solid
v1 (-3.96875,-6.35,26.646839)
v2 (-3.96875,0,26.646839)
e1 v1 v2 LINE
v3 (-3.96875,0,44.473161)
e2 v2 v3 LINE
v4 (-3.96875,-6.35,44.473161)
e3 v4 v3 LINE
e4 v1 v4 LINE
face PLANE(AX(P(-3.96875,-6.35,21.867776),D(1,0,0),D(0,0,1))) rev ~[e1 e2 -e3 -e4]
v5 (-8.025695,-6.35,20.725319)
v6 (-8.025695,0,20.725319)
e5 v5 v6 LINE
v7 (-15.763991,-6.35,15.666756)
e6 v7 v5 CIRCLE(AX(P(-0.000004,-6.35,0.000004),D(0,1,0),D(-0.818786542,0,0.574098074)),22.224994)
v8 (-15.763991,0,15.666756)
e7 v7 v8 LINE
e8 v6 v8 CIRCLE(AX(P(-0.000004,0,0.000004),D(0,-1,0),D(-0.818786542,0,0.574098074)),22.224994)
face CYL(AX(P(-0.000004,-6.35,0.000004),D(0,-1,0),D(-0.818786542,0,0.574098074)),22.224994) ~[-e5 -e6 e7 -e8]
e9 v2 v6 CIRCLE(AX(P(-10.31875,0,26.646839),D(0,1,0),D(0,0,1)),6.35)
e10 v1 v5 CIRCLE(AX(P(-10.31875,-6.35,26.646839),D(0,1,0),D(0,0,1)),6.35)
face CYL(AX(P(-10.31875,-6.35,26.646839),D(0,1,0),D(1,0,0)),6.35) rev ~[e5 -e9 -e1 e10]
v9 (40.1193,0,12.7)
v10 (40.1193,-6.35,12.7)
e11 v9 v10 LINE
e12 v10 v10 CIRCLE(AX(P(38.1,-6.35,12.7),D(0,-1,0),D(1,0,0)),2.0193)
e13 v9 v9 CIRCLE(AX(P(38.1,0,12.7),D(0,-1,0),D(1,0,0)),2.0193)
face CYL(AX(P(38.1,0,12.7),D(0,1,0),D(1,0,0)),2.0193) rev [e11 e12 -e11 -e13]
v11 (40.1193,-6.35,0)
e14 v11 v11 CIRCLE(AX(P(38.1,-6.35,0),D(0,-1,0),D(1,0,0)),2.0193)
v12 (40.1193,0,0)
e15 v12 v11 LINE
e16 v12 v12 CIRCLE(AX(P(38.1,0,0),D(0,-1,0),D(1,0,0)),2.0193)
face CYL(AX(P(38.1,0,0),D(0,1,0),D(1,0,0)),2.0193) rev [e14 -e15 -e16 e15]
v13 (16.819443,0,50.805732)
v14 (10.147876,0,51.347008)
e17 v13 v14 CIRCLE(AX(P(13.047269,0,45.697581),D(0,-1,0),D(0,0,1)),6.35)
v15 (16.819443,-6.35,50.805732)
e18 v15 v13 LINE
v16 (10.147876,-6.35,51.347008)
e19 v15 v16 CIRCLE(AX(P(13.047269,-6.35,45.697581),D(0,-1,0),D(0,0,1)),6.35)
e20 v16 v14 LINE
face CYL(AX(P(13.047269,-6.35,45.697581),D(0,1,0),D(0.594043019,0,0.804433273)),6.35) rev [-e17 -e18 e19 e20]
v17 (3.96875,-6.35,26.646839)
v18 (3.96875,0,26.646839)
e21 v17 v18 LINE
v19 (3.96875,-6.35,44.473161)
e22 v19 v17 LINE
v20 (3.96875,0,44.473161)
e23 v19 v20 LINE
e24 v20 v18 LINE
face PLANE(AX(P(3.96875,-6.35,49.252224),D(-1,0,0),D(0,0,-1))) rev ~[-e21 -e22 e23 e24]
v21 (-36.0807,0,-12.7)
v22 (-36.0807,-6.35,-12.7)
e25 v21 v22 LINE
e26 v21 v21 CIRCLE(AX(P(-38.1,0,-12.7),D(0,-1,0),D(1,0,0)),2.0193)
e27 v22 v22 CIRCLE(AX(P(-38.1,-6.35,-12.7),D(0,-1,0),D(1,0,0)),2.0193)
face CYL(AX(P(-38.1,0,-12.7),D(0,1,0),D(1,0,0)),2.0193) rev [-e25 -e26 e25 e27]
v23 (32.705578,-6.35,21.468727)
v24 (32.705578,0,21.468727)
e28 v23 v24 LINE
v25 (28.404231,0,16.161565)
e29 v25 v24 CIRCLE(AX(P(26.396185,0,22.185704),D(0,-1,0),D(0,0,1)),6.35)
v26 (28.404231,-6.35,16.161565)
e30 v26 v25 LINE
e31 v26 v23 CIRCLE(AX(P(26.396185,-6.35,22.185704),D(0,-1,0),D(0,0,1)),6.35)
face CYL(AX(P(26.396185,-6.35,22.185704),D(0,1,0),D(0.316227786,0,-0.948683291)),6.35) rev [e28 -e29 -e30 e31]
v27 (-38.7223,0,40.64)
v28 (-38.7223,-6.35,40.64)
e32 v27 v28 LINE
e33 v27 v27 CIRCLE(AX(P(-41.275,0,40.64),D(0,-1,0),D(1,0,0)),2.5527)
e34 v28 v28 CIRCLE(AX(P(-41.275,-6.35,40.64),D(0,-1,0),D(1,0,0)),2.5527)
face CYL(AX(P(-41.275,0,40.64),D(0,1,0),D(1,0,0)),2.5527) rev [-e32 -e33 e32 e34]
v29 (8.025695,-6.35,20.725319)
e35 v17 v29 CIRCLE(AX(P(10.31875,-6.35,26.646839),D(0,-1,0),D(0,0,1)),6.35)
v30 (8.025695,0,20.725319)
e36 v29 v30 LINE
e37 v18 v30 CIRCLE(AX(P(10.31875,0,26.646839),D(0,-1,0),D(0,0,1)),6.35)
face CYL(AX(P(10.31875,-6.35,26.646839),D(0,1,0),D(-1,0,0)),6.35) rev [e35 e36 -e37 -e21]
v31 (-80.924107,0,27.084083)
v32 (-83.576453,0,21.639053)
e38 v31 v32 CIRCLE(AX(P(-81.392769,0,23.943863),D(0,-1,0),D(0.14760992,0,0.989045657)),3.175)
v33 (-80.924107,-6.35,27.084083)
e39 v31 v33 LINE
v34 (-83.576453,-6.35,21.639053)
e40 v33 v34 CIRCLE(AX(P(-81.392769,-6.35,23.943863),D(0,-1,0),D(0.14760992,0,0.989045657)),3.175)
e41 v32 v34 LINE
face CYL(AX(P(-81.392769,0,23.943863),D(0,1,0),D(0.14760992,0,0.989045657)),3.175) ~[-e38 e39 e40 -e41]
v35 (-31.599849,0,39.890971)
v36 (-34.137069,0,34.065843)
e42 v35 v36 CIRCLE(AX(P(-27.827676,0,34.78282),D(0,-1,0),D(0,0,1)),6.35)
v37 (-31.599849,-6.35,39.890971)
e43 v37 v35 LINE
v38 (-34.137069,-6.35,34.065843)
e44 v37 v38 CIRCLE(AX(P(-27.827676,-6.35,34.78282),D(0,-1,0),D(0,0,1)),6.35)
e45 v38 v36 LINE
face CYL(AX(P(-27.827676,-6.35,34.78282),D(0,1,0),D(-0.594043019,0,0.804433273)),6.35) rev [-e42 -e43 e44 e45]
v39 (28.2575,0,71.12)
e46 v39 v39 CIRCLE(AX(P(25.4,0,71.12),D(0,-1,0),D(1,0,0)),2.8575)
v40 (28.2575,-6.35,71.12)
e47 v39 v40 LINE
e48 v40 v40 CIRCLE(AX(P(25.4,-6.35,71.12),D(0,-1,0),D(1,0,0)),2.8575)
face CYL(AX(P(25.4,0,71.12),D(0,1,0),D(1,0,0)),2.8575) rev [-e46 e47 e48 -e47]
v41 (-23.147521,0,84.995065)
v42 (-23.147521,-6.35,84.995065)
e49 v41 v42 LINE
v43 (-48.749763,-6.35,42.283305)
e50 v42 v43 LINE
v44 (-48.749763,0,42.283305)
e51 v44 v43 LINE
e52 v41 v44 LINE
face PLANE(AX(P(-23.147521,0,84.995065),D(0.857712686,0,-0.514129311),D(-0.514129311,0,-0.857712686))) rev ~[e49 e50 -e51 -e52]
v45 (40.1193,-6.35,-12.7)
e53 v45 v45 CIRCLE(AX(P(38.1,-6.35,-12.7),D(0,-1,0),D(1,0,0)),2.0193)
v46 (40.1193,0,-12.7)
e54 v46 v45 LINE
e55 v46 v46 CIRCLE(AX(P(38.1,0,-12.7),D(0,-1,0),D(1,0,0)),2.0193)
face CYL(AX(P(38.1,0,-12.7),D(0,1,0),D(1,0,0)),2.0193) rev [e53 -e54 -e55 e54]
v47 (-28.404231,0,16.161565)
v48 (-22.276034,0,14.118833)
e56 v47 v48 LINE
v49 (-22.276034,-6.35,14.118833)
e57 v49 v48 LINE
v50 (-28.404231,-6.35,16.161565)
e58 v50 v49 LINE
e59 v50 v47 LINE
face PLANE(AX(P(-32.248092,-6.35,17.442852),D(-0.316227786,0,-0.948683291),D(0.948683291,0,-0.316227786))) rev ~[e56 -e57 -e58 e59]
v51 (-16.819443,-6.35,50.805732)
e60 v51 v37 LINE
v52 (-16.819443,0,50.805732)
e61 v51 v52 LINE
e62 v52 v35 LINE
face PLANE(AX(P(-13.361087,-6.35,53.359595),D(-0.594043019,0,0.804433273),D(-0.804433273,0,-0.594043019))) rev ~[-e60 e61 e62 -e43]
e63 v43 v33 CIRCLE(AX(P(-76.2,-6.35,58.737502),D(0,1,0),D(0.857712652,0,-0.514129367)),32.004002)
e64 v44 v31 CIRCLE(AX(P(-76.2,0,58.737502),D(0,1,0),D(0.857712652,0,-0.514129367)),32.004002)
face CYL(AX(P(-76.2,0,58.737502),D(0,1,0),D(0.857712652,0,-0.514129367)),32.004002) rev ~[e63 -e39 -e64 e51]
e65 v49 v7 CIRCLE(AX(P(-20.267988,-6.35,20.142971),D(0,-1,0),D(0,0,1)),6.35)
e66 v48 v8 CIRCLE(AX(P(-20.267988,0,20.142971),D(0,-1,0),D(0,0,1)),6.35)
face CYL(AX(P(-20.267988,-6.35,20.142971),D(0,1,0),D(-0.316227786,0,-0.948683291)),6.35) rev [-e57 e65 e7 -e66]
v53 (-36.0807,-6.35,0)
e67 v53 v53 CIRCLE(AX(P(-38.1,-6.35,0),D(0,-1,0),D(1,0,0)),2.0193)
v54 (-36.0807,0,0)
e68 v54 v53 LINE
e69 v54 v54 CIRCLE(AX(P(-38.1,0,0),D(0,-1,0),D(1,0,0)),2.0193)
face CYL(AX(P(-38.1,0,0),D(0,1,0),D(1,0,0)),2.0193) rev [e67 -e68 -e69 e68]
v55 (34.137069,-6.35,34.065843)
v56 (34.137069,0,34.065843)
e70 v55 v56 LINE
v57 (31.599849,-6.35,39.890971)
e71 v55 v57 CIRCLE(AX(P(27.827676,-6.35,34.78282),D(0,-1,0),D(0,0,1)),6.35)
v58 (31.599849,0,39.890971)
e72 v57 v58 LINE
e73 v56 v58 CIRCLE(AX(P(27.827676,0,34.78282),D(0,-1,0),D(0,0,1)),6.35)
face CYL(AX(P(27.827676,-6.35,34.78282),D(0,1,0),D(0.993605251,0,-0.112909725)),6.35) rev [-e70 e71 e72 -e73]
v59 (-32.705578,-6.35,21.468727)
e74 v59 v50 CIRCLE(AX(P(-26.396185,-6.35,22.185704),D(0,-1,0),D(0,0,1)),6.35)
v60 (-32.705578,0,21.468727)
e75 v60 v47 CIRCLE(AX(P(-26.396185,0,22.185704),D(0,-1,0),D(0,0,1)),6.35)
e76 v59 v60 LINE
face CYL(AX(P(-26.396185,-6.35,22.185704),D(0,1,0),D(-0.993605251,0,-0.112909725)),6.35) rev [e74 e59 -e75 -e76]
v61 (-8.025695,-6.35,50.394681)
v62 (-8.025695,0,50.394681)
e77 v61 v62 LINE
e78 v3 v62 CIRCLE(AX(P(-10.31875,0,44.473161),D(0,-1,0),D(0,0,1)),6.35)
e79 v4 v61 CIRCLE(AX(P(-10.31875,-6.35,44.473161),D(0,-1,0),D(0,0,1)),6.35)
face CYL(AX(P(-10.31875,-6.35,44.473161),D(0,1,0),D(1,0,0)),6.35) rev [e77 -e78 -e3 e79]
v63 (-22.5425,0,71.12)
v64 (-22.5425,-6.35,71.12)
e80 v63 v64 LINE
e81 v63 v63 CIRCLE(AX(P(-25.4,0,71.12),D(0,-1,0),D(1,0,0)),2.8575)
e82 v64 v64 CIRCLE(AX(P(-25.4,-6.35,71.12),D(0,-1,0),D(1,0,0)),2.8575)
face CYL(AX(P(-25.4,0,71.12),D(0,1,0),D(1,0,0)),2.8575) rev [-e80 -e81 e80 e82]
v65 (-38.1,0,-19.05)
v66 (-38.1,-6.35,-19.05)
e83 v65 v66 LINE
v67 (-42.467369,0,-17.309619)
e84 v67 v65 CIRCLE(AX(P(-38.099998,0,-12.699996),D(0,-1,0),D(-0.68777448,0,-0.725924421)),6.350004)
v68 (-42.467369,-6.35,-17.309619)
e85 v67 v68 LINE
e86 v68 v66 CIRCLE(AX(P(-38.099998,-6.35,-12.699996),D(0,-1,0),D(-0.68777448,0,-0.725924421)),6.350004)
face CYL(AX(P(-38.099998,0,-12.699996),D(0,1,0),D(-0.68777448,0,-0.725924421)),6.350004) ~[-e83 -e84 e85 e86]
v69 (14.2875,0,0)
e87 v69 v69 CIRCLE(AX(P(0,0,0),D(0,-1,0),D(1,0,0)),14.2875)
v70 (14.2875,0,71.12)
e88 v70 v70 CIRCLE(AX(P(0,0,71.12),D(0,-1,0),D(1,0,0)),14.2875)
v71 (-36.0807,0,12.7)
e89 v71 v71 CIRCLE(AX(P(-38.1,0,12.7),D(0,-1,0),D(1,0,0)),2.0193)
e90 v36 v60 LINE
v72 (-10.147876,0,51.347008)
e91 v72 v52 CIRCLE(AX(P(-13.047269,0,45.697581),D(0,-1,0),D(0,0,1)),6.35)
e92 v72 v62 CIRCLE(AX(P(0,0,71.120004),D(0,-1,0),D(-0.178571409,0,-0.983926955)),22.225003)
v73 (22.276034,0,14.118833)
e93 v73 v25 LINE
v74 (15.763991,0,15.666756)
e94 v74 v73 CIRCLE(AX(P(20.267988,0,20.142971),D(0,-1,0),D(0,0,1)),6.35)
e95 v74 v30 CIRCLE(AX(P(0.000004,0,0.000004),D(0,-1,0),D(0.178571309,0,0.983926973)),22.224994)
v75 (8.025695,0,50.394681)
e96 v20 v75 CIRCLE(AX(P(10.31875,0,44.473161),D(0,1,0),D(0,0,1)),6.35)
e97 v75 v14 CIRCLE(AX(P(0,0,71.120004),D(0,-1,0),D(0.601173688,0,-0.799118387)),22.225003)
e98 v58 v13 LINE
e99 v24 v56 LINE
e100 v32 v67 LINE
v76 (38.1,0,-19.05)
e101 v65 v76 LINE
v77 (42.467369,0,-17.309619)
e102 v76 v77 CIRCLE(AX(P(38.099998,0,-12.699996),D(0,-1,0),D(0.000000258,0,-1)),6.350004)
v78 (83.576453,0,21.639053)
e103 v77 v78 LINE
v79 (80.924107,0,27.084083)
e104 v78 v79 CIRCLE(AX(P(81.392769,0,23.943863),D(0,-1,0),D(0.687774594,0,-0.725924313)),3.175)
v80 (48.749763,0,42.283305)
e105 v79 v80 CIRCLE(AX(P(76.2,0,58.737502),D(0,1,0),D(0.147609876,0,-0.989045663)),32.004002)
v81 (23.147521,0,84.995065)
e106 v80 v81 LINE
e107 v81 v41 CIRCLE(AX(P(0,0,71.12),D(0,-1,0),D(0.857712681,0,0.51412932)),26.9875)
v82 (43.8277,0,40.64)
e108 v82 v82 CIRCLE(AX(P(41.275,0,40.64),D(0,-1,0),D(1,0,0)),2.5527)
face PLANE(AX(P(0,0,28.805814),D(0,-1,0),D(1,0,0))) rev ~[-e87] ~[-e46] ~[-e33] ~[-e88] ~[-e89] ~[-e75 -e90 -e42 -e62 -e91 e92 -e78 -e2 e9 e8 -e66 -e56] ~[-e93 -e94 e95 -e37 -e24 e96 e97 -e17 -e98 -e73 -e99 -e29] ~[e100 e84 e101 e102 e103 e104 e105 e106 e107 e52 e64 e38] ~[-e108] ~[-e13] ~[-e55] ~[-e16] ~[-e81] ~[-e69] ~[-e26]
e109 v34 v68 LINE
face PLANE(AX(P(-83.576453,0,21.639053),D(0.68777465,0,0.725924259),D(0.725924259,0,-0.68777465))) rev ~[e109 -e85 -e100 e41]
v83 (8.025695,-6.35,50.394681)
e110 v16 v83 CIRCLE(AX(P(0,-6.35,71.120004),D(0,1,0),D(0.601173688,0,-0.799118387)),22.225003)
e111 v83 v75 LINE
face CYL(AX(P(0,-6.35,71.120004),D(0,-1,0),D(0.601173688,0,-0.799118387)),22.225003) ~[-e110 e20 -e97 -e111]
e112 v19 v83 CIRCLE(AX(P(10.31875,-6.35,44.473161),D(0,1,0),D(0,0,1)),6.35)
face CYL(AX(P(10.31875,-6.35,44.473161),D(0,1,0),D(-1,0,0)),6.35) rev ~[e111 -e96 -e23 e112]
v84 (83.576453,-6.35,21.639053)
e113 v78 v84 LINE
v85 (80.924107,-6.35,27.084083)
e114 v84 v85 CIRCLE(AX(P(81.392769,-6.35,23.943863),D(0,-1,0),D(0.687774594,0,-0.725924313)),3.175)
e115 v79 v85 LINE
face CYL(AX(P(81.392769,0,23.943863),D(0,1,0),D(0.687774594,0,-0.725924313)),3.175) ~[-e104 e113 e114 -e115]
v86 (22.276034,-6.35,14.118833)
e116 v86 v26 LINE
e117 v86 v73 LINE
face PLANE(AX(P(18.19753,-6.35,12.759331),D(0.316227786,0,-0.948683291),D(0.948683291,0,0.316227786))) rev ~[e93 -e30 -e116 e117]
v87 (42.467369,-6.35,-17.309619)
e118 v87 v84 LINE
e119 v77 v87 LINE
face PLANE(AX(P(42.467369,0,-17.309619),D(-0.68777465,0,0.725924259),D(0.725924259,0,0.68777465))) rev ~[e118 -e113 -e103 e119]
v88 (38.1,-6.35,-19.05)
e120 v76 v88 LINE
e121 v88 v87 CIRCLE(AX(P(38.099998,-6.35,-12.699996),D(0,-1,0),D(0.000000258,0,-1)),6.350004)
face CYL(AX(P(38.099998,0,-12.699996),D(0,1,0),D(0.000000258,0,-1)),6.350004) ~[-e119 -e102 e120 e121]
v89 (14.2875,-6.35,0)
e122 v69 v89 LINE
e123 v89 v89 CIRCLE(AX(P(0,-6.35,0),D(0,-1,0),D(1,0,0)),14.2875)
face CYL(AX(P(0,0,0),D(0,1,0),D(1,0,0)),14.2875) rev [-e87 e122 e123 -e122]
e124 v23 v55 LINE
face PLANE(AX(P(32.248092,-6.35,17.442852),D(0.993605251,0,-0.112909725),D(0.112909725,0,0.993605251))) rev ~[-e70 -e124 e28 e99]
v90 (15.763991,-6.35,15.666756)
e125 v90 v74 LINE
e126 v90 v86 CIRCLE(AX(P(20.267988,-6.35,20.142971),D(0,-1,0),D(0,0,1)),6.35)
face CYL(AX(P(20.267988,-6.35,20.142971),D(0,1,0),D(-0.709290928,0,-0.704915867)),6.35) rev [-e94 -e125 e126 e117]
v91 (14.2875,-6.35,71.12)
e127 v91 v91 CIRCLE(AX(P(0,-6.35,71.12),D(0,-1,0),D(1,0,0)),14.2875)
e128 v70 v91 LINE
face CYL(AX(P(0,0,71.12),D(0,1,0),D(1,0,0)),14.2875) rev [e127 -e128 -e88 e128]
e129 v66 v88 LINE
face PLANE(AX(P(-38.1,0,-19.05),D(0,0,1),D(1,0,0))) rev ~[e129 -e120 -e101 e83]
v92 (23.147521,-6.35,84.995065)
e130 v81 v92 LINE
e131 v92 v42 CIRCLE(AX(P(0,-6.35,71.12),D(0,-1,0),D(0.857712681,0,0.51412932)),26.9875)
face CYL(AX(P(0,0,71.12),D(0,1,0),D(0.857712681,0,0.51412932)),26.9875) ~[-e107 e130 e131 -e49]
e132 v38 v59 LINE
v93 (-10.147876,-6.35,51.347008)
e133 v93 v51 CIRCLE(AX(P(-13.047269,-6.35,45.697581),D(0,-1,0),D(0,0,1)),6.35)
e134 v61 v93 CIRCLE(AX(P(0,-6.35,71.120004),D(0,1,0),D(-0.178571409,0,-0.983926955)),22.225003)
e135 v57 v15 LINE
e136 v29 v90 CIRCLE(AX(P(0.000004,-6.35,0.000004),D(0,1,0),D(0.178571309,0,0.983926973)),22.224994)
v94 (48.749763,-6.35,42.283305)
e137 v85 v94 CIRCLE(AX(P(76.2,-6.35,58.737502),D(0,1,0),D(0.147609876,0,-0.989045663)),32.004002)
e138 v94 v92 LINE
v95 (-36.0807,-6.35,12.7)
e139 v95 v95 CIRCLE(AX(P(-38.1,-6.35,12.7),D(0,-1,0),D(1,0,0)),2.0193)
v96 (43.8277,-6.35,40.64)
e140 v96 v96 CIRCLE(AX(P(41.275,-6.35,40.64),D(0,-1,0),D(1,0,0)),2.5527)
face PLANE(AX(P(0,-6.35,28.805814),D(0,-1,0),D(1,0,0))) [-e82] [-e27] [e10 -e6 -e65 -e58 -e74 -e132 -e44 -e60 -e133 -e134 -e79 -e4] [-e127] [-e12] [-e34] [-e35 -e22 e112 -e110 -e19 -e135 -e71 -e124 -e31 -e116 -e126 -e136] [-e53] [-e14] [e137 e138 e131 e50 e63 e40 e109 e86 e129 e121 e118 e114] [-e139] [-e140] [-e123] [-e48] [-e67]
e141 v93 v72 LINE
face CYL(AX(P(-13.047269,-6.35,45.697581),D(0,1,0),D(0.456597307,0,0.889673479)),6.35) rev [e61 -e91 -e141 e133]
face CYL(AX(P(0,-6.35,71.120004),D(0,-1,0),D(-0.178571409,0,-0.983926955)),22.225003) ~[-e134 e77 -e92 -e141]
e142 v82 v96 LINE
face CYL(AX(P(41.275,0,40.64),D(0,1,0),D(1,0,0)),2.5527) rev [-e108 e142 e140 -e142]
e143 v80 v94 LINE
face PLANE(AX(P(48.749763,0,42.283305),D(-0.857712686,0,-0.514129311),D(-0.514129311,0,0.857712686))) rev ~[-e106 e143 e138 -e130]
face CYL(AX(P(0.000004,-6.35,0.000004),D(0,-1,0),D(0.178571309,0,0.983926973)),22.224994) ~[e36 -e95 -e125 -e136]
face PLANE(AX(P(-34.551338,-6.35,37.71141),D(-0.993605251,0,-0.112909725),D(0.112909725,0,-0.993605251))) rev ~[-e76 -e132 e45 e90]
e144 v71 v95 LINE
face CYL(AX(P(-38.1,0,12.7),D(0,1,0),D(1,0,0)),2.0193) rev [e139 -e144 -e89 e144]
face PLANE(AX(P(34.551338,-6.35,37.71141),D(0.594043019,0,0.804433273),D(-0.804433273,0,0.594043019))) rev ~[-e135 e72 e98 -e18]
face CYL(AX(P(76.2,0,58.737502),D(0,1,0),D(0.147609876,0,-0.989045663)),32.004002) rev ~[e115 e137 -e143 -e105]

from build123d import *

# Parameters (mm, degrees)
F0_R     = 2.0193
F0_R_2   = 14.2875
F0_R_3   = 2.5527
F0_R_4   = 2.8575
F1_DEPTH = 6.35
F3_DEPTH = 6.351
F4_R     = 6.35


with BuildPart() as f1:
    # F0 (on Front) → F1 (new body)
    with BuildSketch(Plane.XZ):
        with BuildLine():
            ThreePointArc((-48.749763, 42.283305), (-62.529838, 29.799935), (-80.924107, 27.084083))
            ThreePointArc((-80.924107, 27.084083), (-84.247136, 25.334263), (-83.576453, 21.639053))
            Line((-83.576453, 21.639053), (-42.467369, -17.309619))
            ThreePointArc((-42.467369, -17.309619), (-40.450683, -18.59888), (-38.1, -19.05))
            Line((-38.1, -19.05), (38.1, -19.05))
            ThreePointArc((38.1, -19.05), (40.450683, -18.59888), (42.467369, -17.309619))
            Line((42.467369, -17.309619), (83.576453, 21.639053))
            ThreePointArc((83.576453, 21.639053), (84.247136, 25.334263), (80.924107, 27.084083))
            ThreePointArc((80.924107, 27.084083), (62.529838, 29.799935), (48.749763, 42.283305))
            Line((48.749763, 42.283305), (23.147521, 84.995065))
            ThreePointArc((23.147521, 84.995065), (0, 98.1075), (-23.147521, 84.995065))
            Line((-23.147521, 84.995065), (-48.749763, 42.283305))
        make_face()
        with Locations((-38.1, -12.7)):
            Circle(F0_R, mode=Mode.SUBTRACT)
        with Locations((-38.1, 0)):
            Circle(F0_R, mode=Mode.SUBTRACT)
        Circle(F0_R_2, mode=Mode.SUBTRACT)
        with Locations((-38.1, 12.7)):
            Circle(F0_R, mode=Mode.SUBTRACT)
        with Locations((38.1, -12.7)):
            Circle(F0_R, mode=Mode.SUBTRACT)
        with Locations((38.1, 0)):
            Circle(F0_R, mode=Mode.SUBTRACT)
        with Locations((38.1, 12.7)):
            Circle(F0_R, mode=Mode.SUBTRACT)
        with Locations((-41.275, 40.64)):
            Circle(F0_R_3, mode=Mode.SUBTRACT)
        with Locations((-25.4, 71.12)):
            Circle(F0_R_4, mode=Mode.SUBTRACT)
        with Locations((0, 71.12)):
            Circle(F0_R_2, mode=Mode.SUBTRACT)
        with Locations((41.275, 40.64)):
            Circle(F0_R_3, mode=Mode.SUBTRACT)
        with Locations((25.4, 71.12)):
            Circle(F0_R_4, mode=Mode.SUBTRACT)
    extrude(amount=F1_DEPTH)

    # F2 (on face) → F3 (cut, through all)
    with BuildSketch(Plane.XZ.offset(6.35)):
        with BuildLine():
            Line((3.96875, 49.252224), (3.96875, 21.867776))
            ThreePointArc((3.96875, 21.867776), (11.982359, 18.718272), (18.19753, 12.759331))
            Line((18.19753, 12.759331), (32.248092, 17.442852))
            Line((32.248092, 17.442852), (34.551338, 37.71141))
            Line((34.551338, 37.71141), (13.361087, 53.359595))
            ThreePointArc((13.361087, 53.359595), (8.904967, 50.75699), (3.96875, 49.252224))
        make_face()
        with BuildLine():
            ThreePointArc((-18.19753, 12.759331), (-11.982359, 18.718272), (-3.96875, 21.867776))
            Line((-3.96875, 21.867776), (-3.96875, 49.252224))
            ThreePointArc((-3.96875, 49.252224), (-8.904967, 50.75699), (-13.361087, 53.359595))
            Line((-13.361087, 53.359595), (-34.551338, 37.71141))
            Line((-34.551338, 37.71141), (-32.248092, 17.442852))
            Line((-32.248092, 17.442852), (-18.19753, 12.759331))
        make_face()
    extrude(amount=-F3_DEPTH, mode=Mode.SUBTRACT)

    # F4
    f4_edges = [f1.edges().sort_by_distance(p)[0] for p in [
        (-13.361087, -3.175, 53.359595),
        (-3.96875, -3.175, 49.252224),
        (-3.96875, -3.175, 21.867776),
        (-18.19753, -3.175, 12.759331),
        (-32.248092, -3.175, 17.442852),
        (-34.551338, -3.175, 37.71141),
        (3.96875, -3.175, 49.252224),
        (13.361087, -3.175, 53.359595),
        (34.551338, -3.175, 37.71141),
        (32.248092, -3.175, 17.442852),
        (18.19753, -3.175, 12.759331),
        (3.96875, -3.175, 21.867776),
    ]]
    fillet(f4_edges, radius=F4_R)


solid = f1.part
